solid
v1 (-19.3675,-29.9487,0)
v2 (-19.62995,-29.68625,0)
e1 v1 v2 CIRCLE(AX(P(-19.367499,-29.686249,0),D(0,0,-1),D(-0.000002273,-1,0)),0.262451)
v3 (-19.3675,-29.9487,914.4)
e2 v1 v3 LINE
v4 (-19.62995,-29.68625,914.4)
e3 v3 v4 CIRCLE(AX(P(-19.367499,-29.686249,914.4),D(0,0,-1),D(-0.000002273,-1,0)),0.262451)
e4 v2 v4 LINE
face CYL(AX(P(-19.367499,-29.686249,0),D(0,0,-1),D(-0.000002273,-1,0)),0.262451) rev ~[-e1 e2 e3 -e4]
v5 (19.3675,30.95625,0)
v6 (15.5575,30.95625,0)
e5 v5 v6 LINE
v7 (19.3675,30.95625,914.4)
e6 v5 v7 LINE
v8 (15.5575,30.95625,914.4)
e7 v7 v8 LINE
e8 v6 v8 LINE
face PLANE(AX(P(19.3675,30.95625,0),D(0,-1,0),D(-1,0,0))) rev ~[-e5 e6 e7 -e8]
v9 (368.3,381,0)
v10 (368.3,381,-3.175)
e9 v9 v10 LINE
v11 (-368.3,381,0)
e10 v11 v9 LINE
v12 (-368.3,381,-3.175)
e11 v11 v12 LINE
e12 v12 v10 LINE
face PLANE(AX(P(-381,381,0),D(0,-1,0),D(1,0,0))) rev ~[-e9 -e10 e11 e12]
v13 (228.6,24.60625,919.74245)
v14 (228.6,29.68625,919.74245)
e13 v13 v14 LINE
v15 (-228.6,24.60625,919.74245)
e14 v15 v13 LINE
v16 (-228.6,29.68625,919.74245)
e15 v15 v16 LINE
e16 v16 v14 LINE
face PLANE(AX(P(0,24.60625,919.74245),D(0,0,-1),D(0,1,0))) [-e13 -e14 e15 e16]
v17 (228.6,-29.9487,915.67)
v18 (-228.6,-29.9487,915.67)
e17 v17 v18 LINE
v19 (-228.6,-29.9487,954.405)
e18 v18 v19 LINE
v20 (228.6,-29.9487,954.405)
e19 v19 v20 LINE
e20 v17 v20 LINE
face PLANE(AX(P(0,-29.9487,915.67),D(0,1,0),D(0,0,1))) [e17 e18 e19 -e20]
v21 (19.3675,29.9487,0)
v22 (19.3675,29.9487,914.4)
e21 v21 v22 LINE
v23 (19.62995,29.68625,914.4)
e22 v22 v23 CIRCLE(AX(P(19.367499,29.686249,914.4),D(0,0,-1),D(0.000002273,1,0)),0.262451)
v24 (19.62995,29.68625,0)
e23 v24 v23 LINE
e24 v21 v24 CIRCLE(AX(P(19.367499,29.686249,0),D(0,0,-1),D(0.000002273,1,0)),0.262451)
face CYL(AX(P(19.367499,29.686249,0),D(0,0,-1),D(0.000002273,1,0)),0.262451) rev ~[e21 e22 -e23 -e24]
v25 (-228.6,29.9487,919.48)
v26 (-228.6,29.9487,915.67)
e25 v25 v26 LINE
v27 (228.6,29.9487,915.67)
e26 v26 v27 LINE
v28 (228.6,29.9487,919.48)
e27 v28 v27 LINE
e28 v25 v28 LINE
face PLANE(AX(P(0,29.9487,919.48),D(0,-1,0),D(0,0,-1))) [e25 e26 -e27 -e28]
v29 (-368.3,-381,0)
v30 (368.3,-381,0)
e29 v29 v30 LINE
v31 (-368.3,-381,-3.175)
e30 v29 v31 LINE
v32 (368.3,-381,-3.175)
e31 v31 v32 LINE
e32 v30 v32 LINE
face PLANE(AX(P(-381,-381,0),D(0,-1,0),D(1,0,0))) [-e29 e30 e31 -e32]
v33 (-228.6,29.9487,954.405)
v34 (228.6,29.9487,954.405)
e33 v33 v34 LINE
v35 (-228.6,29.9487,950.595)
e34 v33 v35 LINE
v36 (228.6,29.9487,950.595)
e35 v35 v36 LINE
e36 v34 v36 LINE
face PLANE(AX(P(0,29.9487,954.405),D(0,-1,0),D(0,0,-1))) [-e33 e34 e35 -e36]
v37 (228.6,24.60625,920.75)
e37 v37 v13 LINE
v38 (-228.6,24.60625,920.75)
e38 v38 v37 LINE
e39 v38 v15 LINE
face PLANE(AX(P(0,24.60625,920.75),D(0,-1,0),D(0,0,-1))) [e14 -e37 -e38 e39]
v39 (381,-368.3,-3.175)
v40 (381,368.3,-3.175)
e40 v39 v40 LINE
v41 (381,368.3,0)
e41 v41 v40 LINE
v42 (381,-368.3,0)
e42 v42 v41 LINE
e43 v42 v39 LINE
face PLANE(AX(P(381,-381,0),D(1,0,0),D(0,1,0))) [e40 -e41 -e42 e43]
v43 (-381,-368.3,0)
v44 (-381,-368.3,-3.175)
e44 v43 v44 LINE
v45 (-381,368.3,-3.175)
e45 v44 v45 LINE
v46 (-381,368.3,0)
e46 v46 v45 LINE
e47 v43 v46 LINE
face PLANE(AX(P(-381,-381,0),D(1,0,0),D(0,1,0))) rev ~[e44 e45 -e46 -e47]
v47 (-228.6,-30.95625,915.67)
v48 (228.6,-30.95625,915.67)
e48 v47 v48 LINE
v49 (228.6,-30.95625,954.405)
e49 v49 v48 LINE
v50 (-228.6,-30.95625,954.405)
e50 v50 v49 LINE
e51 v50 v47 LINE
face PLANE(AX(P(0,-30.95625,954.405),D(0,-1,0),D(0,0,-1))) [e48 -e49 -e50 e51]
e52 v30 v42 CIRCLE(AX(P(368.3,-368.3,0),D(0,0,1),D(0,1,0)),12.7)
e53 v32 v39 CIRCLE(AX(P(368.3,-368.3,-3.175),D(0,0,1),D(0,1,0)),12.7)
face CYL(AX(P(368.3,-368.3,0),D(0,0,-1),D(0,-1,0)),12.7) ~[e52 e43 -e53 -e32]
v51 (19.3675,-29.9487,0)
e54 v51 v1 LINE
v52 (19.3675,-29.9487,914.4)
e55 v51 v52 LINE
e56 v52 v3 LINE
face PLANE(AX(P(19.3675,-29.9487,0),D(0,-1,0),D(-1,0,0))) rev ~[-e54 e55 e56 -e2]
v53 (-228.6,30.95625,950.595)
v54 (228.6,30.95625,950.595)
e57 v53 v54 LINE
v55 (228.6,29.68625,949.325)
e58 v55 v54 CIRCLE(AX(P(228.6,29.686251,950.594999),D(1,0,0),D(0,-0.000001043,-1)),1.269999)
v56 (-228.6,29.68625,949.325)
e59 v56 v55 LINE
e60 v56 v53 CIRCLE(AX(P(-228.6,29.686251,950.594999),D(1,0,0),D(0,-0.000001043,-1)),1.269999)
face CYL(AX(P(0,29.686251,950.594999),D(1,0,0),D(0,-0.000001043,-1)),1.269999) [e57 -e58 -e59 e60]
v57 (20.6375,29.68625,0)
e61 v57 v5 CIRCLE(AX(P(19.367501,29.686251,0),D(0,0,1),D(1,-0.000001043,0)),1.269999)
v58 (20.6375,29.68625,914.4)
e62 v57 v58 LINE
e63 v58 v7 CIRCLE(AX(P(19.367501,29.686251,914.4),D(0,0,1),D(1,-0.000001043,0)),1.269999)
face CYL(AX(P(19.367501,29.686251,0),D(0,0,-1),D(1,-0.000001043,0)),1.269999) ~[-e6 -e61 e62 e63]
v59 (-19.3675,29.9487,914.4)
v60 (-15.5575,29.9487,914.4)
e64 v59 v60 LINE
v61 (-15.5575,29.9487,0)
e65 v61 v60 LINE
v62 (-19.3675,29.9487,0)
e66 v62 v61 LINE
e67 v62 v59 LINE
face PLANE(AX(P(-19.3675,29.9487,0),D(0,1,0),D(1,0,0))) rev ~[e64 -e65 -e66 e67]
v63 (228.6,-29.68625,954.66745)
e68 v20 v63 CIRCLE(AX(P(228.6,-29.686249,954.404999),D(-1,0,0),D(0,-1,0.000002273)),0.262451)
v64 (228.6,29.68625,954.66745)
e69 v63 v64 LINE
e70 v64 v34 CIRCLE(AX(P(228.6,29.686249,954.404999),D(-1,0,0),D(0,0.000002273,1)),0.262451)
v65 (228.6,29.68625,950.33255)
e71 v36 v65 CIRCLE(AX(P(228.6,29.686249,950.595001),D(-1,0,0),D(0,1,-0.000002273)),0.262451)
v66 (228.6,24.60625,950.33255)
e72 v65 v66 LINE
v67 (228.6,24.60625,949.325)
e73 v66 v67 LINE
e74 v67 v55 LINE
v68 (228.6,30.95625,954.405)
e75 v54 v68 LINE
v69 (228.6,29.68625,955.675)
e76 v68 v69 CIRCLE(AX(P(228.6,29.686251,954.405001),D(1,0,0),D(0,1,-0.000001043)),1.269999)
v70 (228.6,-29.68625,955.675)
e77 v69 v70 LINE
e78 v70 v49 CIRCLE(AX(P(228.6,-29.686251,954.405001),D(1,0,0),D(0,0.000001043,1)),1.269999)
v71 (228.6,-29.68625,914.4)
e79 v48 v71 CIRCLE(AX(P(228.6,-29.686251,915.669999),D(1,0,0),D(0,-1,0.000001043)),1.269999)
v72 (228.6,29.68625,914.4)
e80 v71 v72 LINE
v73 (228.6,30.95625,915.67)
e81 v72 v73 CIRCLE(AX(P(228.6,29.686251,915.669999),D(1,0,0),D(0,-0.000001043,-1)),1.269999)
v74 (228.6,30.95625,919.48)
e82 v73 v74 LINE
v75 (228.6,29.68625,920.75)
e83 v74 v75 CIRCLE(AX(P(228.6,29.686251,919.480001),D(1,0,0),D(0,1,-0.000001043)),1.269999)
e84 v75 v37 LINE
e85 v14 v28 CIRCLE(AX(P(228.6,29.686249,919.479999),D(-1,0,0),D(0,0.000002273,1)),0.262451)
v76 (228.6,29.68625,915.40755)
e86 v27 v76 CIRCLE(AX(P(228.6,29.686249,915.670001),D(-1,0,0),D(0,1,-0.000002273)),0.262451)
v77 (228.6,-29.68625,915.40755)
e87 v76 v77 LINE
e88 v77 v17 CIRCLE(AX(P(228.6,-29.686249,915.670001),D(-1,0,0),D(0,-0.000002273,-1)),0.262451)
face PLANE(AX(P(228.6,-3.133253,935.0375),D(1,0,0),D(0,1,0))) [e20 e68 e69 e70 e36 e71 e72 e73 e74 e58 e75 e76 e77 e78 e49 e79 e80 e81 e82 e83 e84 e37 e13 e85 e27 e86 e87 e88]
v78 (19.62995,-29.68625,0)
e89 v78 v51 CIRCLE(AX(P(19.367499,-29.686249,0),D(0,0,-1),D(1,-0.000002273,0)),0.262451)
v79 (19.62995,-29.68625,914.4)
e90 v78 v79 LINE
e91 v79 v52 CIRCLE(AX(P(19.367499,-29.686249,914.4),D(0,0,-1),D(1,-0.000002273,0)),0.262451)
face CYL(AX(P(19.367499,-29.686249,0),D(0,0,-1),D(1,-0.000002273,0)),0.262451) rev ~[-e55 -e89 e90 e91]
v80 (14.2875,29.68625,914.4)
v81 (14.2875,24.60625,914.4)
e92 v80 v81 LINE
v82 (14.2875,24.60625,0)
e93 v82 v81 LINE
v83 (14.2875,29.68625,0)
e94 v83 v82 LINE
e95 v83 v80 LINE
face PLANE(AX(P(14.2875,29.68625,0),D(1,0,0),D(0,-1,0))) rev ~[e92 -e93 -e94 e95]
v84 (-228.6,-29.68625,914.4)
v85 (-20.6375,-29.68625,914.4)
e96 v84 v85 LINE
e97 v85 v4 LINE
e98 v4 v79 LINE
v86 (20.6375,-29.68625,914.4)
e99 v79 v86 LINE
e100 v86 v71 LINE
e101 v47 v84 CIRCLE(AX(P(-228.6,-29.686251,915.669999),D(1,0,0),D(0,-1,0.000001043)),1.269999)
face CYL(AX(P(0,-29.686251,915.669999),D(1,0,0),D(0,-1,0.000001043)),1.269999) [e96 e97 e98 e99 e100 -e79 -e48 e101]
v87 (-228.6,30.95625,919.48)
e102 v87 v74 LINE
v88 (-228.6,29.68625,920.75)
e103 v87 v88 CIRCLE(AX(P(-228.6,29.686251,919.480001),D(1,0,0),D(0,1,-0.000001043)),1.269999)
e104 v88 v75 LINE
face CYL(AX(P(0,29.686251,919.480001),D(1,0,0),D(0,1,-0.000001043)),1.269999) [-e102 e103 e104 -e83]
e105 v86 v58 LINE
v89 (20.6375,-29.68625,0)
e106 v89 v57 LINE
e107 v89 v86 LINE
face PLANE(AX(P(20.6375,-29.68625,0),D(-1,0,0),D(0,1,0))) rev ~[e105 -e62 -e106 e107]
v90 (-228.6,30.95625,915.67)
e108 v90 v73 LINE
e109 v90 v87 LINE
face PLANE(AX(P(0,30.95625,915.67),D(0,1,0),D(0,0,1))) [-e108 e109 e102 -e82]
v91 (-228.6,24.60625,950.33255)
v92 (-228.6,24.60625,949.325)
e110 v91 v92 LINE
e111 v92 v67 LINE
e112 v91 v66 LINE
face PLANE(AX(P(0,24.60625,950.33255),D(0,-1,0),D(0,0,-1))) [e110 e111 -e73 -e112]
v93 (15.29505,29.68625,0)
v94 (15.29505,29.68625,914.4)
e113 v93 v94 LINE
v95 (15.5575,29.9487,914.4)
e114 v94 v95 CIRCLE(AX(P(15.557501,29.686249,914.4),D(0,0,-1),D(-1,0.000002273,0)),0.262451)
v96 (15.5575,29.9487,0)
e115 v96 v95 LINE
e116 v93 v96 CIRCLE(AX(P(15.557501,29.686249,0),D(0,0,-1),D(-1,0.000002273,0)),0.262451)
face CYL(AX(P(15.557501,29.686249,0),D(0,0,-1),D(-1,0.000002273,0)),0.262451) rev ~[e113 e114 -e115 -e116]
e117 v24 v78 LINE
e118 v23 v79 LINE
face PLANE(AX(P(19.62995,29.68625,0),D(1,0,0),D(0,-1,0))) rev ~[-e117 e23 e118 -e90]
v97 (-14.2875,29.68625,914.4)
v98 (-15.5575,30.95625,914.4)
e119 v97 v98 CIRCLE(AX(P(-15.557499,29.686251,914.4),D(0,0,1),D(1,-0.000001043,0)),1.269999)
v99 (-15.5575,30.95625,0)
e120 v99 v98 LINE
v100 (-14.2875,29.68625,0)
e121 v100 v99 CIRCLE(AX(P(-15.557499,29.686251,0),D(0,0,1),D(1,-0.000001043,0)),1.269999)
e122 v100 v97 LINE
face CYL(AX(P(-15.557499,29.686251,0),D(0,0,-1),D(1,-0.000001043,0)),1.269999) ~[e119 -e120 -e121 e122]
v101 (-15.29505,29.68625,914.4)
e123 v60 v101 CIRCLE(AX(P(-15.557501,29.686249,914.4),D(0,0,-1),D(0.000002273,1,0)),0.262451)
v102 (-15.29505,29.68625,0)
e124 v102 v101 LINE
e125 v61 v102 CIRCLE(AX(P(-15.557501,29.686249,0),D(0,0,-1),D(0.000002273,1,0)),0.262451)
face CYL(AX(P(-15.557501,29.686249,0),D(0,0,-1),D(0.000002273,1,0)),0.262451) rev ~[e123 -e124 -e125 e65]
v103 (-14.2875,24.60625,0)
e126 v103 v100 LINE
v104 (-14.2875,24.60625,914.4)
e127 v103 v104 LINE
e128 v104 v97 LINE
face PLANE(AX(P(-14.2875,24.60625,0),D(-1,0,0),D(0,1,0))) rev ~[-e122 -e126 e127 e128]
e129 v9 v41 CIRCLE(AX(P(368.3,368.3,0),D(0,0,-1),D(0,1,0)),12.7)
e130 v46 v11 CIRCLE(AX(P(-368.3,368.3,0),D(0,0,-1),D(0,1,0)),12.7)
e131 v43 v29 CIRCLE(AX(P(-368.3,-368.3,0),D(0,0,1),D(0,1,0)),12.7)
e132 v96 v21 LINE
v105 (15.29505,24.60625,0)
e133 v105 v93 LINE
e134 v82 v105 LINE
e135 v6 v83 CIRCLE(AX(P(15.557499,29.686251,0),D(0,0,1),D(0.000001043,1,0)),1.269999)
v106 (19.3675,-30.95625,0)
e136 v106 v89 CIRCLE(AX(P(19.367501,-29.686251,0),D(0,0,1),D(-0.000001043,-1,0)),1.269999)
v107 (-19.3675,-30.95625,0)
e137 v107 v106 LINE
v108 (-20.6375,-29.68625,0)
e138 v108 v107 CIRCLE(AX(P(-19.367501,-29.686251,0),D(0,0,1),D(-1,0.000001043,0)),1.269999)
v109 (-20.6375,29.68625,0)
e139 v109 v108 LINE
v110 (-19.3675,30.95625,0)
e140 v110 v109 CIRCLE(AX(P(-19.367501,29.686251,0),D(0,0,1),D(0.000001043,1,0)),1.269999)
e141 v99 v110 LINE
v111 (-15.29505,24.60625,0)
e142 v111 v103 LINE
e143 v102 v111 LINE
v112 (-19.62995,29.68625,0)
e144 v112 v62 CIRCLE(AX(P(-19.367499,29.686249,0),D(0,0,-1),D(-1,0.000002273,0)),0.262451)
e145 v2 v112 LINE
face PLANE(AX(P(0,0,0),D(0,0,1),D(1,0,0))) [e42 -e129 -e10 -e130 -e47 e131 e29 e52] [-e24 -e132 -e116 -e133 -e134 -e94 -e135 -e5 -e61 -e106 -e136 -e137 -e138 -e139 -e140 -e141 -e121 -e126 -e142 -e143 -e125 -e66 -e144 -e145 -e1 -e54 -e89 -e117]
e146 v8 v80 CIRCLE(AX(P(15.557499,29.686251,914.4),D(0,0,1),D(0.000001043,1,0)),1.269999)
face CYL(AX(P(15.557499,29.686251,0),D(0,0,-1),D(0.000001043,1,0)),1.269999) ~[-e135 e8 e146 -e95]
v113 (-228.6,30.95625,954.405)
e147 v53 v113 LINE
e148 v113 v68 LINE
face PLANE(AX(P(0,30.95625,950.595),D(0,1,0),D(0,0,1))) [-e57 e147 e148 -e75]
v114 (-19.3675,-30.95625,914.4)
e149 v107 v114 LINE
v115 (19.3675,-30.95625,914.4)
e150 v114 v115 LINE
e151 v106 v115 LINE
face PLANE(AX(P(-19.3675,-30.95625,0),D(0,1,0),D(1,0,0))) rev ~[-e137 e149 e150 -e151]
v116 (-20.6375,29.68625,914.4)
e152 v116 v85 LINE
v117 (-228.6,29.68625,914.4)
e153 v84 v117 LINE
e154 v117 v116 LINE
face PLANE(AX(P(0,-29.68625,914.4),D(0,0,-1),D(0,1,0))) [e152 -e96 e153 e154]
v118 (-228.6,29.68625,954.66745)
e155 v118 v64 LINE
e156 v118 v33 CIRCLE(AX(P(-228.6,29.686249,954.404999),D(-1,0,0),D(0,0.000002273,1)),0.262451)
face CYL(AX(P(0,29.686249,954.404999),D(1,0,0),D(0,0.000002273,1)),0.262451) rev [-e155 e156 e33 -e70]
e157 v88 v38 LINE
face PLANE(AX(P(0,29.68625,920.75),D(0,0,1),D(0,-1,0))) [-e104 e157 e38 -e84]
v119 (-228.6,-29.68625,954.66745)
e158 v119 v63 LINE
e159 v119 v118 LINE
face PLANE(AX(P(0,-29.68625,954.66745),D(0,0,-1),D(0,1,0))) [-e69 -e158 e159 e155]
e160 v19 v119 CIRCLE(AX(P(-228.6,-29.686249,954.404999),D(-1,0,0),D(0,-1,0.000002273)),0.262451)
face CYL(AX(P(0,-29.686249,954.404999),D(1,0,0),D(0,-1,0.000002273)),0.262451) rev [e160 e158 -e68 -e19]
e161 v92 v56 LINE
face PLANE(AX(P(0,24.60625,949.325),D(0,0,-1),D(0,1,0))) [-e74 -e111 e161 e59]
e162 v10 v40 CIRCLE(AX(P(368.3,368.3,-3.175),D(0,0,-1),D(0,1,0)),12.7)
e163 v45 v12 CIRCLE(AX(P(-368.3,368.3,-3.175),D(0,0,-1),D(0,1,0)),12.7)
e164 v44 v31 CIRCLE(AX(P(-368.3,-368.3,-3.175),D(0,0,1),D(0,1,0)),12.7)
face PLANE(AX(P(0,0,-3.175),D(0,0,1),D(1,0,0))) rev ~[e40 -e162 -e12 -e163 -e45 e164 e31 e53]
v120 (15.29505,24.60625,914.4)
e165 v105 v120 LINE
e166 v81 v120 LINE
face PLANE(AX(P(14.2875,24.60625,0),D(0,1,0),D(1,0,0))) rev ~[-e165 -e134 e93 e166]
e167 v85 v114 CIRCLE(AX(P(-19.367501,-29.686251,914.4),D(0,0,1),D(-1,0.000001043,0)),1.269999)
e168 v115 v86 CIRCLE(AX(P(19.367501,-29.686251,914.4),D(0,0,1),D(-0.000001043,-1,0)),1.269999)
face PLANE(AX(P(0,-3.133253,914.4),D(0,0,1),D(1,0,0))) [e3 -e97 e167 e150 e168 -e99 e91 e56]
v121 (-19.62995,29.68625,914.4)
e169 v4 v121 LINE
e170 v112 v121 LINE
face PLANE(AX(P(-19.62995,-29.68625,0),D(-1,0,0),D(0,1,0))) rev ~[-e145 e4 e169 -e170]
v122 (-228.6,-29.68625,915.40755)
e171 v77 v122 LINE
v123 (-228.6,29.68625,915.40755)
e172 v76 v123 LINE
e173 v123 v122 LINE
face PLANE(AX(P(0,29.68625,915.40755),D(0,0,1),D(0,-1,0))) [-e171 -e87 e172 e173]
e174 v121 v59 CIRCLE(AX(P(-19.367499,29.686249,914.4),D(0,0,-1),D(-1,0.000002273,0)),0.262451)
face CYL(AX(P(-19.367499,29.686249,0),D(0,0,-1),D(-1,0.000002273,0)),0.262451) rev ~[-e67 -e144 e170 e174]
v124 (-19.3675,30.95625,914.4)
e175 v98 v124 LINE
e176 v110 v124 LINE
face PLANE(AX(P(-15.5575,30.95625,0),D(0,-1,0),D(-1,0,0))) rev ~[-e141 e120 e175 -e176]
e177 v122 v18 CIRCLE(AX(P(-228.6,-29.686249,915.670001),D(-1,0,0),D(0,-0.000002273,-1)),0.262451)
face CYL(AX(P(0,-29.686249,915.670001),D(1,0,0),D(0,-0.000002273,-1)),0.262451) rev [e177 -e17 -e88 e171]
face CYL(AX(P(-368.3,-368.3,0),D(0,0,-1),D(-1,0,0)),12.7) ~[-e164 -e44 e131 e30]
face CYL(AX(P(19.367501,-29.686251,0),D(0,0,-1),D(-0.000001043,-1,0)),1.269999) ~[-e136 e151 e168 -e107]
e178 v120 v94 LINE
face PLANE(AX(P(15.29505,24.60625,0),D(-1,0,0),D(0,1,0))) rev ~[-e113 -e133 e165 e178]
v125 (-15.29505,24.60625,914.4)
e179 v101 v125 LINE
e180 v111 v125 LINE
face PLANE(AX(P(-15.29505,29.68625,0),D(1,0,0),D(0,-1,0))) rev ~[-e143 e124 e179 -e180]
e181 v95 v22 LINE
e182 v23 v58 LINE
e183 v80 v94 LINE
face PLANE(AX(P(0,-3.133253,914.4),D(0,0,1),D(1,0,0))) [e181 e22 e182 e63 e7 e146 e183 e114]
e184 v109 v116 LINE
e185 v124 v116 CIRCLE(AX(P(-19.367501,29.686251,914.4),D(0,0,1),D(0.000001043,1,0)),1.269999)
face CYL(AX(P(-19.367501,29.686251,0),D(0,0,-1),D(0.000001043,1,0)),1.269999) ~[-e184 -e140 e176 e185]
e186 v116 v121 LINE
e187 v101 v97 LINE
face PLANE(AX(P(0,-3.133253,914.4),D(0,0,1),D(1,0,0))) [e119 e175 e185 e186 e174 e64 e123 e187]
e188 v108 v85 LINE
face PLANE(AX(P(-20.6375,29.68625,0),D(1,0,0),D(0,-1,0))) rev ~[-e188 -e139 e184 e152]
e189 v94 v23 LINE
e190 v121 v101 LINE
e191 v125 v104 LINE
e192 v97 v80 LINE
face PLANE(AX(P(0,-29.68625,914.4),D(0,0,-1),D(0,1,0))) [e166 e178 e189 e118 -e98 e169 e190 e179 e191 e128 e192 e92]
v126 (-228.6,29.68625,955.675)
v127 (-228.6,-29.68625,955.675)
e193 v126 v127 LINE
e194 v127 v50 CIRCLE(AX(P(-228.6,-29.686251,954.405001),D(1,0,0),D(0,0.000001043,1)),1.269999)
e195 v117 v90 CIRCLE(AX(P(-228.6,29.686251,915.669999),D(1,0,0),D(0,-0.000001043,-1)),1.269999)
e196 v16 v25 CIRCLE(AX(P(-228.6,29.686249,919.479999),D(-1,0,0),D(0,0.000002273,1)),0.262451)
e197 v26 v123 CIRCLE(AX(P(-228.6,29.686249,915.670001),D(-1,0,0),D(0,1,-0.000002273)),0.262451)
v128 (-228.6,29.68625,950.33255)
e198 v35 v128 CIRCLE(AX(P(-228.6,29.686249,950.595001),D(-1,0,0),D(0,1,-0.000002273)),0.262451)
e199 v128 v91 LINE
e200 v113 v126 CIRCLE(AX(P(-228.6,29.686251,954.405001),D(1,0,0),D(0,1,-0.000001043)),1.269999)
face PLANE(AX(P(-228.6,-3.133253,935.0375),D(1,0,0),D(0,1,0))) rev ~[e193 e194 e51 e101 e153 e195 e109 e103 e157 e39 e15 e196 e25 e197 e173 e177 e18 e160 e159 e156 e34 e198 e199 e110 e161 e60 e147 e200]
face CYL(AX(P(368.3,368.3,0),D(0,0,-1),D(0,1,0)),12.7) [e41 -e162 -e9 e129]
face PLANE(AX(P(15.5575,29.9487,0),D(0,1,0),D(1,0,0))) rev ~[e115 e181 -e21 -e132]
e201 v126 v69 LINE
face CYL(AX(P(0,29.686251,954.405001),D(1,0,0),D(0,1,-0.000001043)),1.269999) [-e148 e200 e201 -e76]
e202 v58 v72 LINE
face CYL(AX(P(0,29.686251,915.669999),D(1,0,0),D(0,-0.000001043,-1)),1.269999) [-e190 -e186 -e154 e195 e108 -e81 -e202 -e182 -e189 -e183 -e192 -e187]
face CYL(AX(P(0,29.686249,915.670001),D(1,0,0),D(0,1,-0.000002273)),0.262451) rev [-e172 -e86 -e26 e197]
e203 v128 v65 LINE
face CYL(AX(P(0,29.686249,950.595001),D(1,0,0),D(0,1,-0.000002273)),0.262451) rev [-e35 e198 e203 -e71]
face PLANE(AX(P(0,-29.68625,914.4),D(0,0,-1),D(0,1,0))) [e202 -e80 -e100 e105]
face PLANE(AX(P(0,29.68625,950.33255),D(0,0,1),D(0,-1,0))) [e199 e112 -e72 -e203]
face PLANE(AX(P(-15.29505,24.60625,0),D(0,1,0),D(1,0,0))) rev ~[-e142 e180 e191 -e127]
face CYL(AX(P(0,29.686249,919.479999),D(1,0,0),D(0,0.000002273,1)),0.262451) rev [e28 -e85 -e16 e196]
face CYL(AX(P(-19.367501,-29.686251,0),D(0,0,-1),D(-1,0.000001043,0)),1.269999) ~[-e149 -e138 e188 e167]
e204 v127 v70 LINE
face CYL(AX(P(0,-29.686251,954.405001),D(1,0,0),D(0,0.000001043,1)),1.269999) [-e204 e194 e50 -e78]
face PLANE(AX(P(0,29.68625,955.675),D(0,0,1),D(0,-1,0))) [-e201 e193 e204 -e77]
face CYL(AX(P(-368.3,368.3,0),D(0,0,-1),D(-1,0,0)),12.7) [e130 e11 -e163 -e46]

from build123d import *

# Parameters (mm, degrees)
F1_DEPTH = 914.4
F2_W     = 762
F2_H     = 762
F3_DEPTH = 3.175
F4_R     = 12.7
F6_DEPTH = 228.6


with BuildPart() as f1:
    # F0 (on Top) → F1 (new body)
    with BuildSketch(Plane.XY):
        with BuildLine():
            Line((-19.3675, -30.95625), (0, -30.95625))
            Line((0, -30.95625), (19.3675, -30.95625))
            ThreePointArc((19.3675, -30.95625), (20.265526, -30.584276), (20.6375, -29.68625))
            Line((20.6375, -29.68625), (20.6375, 29.68625))
            ThreePointArc((20.6375, 29.68625), (20.265526, 30.584276), (19.3675, 30.95625))
            Line((19.3675, 30.95625), (15.5575, 30.95625))
            ThreePointArc((15.5575, 30.95625), (14.659474, 30.584276), (14.2875, 29.68625))
            Line((14.2875, 29.68625), (14.2875, 24.60625))
            Line((14.2875, 24.60625), (15.29505, 24.60625))
            Line((15.29505, 24.60625), (15.29505, 29.68625))
            ThreePointArc((15.29505, 29.68625), (15.37192, 29.87183), (15.5575, 29.9487))
            Line((15.5575, 29.9487), (19.3675, 29.9487))
            ThreePointArc((19.3675, 29.9487), (19.55308, 29.87183), (19.62995, 29.68625))
            Line((19.62995, 29.68625), (19.62995, -29.68625))
            ThreePointArc((19.62995, -29.68625), (19.55308, -29.87183), (19.3675, -29.9487))
            Line((19.3675, -29.9487), (0, -29.9487))
            Line((0, -29.9487), (-19.3675, -29.9487))
            ThreePointArc((-19.3675, -29.9487), (-19.55308, -29.87183), (-19.62995, -29.68625))
            Line((-19.62995, -29.68625), (-19.62995, 29.68625))
            ThreePointArc((-19.62995, 29.68625), (-19.55308, 29.87183), (-19.3675, 29.9487))
            Line((-19.3675, 29.9487), (-15.5575, 29.9487))
            ThreePointArc((-15.5575, 29.9487), (-15.37192, 29.87183), (-15.29505, 29.68625))
            Line((-15.29505, 29.68625), (-15.29505, 24.60625))
            Line((-15.29505, 24.60625), (-14.2875, 24.60625))
            Line((-14.2875, 24.60625), (-14.2875, 29.68625))
            ThreePointArc((-14.2875, 29.68625), (-14.659474, 30.584276), (-15.5575, 30.95625))
            Line((-15.5575, 30.95625), (-19.3675, 30.95625))
            ThreePointArc((-19.3675, 30.95625), (-20.265526, 30.584276), (-20.6375, 29.68625))
            Line((-20.6375, 29.68625), (-20.6375, -29.68625))
            ThreePointArc((-20.6375, -29.68625), (-20.265526, -30.584276), (-19.3675, -30.95625))
        make_face()
    extrude(amount=F1_DEPTH)

    # F2 (on Top) → F3 (join)
    with BuildSketch(Plane.XY):
        Rectangle(F2_W, F2_H)
    extrude(amount=-F3_DEPTH)

    # F4
    f4_edges = [f1.edges().sort_by_distance(p)[0] for p in [
        (381, -381, -1.5875),
        (381, 381, -1.5875),
        (-381, 381, -1.5875),
        (-381, -381, -1.5875),
    ]]
    fillet(f4_edges, radius=F4_R)

    # F5 (on Right) → F6 (join, symmetric)
    with BuildSketch(Plane.YZ):
        with BuildLine():
            Line((-29.9487, 915.67), (-29.9487, 954.405))
            ThreePointArc((-29.9487, 954.405), (-29.87183, 954.59058), (-29.68625, 954.66745))
            Line((-29.68625, 954.66745), (29.68625, 954.66745))
            ThreePointArc((29.68625, 954.66745), (29.87183, 954.59058), (29.9487, 954.405))
            Line((29.9487, 954.405), (29.9487, 950.595))
            ThreePointArc((29.9487, 950.595), (29.87183, 950.40942), (29.68625, 950.33255))
            Line((29.68625, 950.33255), (24.60625, 950.33255))
            Line((24.60625, 950.33255), (24.60625, 949.325))
            Line((24.60625, 949.325), (29.68625, 949.325))
            ThreePointArc((29.68625, 949.325), (30.584276, 949.696974), (30.95625, 950.595))
            Line((30.95625, 950.595), (30.95625, 954.405))
            ThreePointArc((30.95625, 954.405), (30.584276, 955.303026), (29.68625, 955.675))
            Line((29.68625, 955.675), (-29.68625, 955.675))
            ThreePointArc((-29.68625, 955.675), (-30.584276, 955.303026), (-30.95625, 954.405))
            Line((-30.95625, 954.405), (-30.95625, 935.0375))
            Line((-30.95625, 935.0375), (-30.95625, 915.67))
            ThreePointArc((-30.95625, 915.67), (-30.584276, 914.771974), (-29.68625, 914.4))
            Line((-29.68625, 914.4), (29.68625, 914.4))
            ThreePointArc((29.68625, 914.4), (30.584276, 914.771974), (30.95625, 915.67))
            Line((30.95625, 915.67), (30.95625, 919.48))
            ThreePointArc((30.95625, 919.48), (30.584276, 920.378026), (29.68625, 920.75))
            Line((29.68625, 920.75), (24.60625, 920.75))
            Line((24.60625, 920.75), (24.60625, 919.74245))
            Line((24.60625, 919.74245), (29.68625, 919.74245))
            ThreePointArc((29.68625, 919.74245), (29.87183, 919.66558), (29.9487, 919.48))
            Line((29.9487, 919.48), (29.9487, 915.67))
            ThreePointArc((29.9487, 915.67), (29.87183, 915.48442), (29.68625, 915.40755))
            Line((29.68625, 915.40755), (-29.68625, 915.40755))
            ThreePointArc((-29.68625, 915.40755), (-29.87183, 915.48442), (-29.9487, 915.67))
        make_face()
    extrude(amount=F6_DEPTH, both=True)


solid = f1.part
